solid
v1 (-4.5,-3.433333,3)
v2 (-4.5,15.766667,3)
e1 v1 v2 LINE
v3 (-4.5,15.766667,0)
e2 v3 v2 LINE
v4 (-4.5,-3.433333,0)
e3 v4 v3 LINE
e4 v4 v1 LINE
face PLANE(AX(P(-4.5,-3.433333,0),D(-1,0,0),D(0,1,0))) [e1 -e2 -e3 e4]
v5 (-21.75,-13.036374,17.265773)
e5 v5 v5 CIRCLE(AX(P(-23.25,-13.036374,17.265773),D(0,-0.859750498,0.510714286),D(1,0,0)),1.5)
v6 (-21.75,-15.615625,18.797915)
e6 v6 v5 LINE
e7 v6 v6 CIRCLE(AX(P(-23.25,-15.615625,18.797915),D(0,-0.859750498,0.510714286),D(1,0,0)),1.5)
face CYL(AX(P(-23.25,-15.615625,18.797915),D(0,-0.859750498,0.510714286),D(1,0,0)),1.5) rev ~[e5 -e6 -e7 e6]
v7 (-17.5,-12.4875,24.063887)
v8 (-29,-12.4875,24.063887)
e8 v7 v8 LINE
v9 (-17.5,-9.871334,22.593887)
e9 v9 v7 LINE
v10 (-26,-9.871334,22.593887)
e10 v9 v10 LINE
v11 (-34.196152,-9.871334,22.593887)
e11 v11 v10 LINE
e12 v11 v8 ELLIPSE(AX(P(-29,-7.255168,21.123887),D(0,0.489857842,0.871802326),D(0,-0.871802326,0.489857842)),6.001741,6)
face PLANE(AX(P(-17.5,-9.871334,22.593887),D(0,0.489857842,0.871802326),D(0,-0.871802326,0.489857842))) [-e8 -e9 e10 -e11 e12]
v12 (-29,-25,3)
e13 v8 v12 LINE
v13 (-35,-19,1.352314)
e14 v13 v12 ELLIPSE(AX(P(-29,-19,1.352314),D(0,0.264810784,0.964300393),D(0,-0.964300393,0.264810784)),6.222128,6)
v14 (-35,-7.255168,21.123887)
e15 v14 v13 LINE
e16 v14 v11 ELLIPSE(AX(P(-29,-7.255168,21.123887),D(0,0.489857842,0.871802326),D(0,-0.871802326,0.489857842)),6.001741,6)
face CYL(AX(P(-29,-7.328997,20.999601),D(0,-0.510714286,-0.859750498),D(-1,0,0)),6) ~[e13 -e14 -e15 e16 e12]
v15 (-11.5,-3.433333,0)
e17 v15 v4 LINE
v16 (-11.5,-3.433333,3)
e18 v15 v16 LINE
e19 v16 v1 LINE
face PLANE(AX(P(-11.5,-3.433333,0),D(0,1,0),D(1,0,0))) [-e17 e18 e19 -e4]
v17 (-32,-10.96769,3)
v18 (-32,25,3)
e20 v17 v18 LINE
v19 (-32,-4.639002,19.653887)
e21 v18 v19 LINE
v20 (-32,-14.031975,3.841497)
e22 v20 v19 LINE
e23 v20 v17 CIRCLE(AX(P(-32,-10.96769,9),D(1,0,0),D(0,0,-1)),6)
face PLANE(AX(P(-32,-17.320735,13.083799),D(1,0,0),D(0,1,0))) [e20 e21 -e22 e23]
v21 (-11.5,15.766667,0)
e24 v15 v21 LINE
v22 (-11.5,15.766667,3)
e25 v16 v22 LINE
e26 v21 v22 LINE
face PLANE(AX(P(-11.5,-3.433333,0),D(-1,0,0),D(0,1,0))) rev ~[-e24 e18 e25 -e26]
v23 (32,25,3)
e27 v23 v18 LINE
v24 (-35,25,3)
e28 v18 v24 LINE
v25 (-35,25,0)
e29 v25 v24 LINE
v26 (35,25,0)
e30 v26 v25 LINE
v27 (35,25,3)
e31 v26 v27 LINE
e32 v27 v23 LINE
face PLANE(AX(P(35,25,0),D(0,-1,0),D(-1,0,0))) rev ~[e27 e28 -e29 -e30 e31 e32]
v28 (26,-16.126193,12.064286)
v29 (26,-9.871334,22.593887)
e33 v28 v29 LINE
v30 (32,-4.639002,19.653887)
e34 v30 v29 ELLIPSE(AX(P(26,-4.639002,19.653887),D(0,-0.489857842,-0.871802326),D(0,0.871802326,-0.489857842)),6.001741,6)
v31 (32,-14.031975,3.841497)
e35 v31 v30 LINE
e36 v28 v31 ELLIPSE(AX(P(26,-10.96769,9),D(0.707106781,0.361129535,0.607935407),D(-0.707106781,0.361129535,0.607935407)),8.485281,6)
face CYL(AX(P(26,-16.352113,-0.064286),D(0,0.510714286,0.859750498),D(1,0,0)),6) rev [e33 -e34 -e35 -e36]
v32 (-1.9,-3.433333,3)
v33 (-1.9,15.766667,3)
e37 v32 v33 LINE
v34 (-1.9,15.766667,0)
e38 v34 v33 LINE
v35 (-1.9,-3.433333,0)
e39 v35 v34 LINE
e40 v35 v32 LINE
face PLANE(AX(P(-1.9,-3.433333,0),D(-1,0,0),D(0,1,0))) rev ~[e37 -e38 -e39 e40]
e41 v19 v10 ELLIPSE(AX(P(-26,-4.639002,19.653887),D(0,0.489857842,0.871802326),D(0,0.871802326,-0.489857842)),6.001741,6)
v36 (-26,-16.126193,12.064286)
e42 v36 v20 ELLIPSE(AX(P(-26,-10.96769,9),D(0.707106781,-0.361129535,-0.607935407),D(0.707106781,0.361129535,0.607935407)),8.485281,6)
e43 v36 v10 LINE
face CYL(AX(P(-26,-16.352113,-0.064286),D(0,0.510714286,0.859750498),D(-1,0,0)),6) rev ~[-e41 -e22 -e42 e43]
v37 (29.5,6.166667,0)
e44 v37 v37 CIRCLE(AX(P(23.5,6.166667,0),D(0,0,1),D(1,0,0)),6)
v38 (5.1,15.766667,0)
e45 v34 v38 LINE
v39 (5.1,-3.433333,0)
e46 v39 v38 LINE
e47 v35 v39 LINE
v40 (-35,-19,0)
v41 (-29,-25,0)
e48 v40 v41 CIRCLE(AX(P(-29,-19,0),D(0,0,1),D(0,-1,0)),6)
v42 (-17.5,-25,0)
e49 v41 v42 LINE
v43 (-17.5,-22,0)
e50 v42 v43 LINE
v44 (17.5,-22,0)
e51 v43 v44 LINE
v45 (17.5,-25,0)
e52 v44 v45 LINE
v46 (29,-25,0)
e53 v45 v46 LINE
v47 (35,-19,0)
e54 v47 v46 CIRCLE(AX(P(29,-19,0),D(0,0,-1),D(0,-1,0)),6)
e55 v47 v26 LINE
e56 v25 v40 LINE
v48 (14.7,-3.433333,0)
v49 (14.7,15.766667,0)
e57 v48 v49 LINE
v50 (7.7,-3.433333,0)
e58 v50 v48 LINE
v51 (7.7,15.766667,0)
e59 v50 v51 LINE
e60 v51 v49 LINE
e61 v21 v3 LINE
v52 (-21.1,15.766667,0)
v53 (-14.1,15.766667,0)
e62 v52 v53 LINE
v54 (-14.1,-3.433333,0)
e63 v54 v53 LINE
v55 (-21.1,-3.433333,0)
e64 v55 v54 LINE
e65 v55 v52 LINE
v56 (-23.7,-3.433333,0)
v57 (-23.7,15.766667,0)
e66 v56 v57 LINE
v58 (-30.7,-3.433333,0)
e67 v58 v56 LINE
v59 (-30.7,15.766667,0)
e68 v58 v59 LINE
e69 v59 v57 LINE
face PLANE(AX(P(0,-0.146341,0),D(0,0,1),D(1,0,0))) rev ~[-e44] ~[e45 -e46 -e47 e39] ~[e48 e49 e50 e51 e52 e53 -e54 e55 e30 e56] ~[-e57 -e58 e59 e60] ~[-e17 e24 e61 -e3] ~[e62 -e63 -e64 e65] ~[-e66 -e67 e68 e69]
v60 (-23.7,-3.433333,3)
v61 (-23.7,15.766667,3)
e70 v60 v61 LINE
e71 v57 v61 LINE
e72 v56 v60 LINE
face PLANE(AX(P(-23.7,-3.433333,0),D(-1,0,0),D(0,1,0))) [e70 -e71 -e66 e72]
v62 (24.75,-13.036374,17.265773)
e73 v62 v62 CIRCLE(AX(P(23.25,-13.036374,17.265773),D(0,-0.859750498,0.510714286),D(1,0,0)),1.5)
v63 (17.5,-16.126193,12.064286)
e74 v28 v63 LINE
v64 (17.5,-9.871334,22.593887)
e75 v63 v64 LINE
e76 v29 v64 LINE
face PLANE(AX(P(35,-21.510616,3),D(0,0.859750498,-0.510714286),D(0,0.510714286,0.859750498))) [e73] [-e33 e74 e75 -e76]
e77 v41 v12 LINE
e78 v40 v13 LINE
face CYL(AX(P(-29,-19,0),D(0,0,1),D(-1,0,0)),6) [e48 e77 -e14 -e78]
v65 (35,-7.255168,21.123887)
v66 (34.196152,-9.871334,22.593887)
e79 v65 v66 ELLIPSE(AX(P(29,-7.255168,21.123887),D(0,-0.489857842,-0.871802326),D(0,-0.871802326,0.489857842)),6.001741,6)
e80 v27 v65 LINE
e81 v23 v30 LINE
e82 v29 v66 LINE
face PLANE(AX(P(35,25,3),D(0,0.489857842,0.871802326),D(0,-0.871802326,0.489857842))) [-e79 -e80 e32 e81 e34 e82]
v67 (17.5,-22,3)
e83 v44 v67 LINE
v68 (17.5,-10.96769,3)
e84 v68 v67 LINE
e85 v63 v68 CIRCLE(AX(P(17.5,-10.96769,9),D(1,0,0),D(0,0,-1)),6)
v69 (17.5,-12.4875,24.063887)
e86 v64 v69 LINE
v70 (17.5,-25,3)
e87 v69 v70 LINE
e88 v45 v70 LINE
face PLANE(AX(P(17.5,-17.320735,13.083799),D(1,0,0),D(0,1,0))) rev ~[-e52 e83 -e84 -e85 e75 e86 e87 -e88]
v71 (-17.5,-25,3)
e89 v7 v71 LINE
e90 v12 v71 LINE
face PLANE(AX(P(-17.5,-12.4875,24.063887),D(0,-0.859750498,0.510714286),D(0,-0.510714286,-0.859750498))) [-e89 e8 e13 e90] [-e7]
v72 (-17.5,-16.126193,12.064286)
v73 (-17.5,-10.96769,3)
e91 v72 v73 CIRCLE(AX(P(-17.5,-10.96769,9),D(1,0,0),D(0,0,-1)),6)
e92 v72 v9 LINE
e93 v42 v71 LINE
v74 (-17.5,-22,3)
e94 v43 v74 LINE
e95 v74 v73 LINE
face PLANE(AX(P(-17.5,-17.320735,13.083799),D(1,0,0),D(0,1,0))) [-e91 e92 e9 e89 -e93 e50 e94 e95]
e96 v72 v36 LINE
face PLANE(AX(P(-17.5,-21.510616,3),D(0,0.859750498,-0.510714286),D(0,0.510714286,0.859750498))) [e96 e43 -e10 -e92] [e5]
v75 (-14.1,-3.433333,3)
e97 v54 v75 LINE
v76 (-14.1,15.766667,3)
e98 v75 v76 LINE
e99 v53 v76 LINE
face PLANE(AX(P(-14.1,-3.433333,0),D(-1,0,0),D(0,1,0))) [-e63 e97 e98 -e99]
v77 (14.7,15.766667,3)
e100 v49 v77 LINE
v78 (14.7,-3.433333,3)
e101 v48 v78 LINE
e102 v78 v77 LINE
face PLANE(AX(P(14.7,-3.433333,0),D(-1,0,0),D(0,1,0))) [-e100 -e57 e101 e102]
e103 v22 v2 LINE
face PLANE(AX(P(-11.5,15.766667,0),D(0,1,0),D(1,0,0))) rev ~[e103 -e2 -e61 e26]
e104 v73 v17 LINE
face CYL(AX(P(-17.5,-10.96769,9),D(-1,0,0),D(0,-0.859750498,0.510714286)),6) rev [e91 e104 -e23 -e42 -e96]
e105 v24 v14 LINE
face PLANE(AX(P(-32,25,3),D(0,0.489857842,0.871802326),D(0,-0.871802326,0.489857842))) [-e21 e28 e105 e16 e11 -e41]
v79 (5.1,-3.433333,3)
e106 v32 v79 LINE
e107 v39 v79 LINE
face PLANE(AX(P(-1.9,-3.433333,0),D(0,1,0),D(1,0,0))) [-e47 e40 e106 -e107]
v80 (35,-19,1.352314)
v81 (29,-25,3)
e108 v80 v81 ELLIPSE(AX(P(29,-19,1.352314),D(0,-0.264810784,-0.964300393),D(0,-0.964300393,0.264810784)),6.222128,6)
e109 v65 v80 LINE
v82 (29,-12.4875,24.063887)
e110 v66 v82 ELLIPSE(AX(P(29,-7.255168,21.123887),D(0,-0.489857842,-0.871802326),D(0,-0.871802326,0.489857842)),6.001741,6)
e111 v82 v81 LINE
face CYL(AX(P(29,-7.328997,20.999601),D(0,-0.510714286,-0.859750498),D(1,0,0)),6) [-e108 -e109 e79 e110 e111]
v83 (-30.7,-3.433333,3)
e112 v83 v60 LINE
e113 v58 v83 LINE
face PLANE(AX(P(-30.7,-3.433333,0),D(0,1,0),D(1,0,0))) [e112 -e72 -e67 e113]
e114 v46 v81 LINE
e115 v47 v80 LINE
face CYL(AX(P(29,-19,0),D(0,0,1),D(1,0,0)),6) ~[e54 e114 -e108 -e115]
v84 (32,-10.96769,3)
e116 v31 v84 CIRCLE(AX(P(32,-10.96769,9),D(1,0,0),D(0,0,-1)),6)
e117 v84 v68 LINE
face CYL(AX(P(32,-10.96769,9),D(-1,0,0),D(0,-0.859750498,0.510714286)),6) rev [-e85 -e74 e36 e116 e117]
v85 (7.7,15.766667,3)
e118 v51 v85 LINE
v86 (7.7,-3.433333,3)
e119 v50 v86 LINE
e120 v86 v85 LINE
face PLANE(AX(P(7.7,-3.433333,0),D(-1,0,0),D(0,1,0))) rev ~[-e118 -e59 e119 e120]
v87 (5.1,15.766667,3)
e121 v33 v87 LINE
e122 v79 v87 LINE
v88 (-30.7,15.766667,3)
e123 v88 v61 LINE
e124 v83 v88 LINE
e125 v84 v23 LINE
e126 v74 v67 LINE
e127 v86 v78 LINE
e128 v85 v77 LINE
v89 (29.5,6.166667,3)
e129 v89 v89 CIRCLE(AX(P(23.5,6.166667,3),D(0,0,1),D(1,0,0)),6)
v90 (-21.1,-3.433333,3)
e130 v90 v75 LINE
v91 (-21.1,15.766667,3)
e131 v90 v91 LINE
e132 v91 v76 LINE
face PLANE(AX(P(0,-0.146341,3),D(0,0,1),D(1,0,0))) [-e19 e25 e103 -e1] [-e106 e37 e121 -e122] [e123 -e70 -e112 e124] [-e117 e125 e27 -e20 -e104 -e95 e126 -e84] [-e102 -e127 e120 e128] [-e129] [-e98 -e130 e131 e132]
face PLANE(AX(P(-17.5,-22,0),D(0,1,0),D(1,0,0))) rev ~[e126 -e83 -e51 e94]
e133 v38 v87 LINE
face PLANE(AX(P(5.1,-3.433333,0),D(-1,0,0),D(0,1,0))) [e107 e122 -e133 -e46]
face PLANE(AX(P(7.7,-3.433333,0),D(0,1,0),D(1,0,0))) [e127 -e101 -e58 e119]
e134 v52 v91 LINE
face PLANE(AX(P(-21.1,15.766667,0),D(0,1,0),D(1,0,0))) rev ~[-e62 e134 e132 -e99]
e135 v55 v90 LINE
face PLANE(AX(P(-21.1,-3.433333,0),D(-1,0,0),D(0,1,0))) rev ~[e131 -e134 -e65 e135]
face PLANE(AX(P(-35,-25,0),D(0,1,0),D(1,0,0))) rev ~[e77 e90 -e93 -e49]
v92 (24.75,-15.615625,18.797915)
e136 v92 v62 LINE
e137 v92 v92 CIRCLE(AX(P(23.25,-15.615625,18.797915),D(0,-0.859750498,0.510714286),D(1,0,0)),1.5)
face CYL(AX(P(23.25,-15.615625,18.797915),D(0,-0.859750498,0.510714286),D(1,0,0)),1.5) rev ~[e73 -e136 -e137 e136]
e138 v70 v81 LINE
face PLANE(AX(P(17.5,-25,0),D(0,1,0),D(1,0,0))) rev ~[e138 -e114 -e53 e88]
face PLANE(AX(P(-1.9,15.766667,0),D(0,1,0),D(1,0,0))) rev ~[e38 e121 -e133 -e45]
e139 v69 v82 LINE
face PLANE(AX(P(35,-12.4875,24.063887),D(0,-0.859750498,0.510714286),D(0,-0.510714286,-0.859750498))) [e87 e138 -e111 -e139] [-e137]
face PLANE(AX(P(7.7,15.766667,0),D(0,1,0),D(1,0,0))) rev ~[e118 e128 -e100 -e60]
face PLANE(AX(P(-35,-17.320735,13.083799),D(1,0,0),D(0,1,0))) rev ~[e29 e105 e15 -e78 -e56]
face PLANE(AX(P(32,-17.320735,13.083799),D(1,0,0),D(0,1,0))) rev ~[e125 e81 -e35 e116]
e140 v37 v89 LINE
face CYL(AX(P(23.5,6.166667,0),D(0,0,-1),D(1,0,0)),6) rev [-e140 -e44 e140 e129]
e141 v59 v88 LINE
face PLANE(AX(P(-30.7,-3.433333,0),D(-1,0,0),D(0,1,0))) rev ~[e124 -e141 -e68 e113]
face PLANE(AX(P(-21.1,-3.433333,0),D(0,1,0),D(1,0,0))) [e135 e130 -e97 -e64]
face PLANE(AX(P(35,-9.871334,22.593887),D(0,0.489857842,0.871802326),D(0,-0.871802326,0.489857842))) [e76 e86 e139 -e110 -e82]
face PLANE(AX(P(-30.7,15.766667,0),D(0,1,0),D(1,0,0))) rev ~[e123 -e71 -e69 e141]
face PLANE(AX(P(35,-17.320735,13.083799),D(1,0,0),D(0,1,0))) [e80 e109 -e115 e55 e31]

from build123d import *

# Parameters (mm, degrees)
F3_W      = 7
F3_H      = 19.2
F3_R      = 6
F4_DEPTH  = 3
F7_DEPTH  = 3
F8_START  = -67
F8_DEPTH  = 3
F9_START  = -52.5
F9_DEPTH  = 17.5
F10_DEPTH = 17.5
F11_R     = 6
F13_R     = 1.5
F14_DEPTH = 5


with BuildPart() as f4:
    # F3 (on Top) → F4 (new body)
    with BuildSketch(Plane.XY):
        Polygon((35, 25), (-35, 25), (-35, -25), (-17.5, -25), (-17.5, -22), (17.5, -22), (17.5, -25), (35, -25), align=None)
        with Locations((-27.2, 6.1666666667)):
            Rectangle(F3_W, F3_H, mode=Mode.SUBTRACT)
        with Locations((-17.6, 6.1666666667)):
            Rectangle(F3_W, F3_H, mode=Mode.SUBTRACT)
        with Locations((-8, 6.1666666667)):
            Rectangle(F3_W, F3_H, mode=Mode.SUBTRACT)
        with Locations((1.6, 6.1666666667)):
            Rectangle(F3_W, F3_H, mode=Mode.SUBTRACT)
        with Locations((11.2, 6.1666666667)):
            Rectangle(F3_W, F3_H, mode=Mode.SUBTRACT)
        with Locations((23.5, 6.1666666667)):
            Circle(F3_R, mode=Mode.SUBTRACT)
    extrude(amount=F4_DEPTH)

    # F6 (on offset) → F7 (join)
    with BuildSketch(Plane.YZ.offset(35)):
        Polygon((-12.4875, 24.0638871947), (-25, 3), (-21.5106155706, 3), (-9.871334024, 22.5938871947), align=None)
        Polygon((-9.871334024, 22.5938871947), (-21.5106155706, 3), (25, 3), align=None)
    extrude(amount=-F7_DEPTH)

    # F6 (on offset) → F8 (join)
    with BuildSketch(Plane.YZ.offset(35).offset(F8_START)):
        Polygon((-12.4875, 24.0638871947), (-25, 3), (-21.5106155706, 3), (-9.871334024, 22.5938871947), align=None)
        Polygon((-9.871334024, 22.5938871947), (-21.5106155706, 3), (25, 3), align=None)
    extrude(amount=-F8_DEPTH)

    # F6 (on offset) → F9 (join)
    with BuildSketch(Plane.YZ.offset(35).offset(F9_START)):
        Polygon((-12.4875, 24.0638871947), (-25, 3), (-21.5106155706, 3), (-9.871334024, 22.5938871947), align=None)
    extrude(amount=-F9_DEPTH)

    # F6 (on offset) → F10 (join)
    with BuildSketch(Plane.YZ.offset(35)):
        Polygon((-12.4875, 24.0638871947), (-25, 3), (-21.5106155706, 3), (-9.871334024, 22.5938871947), align=None)
    extrude(amount=-F10_DEPTH)

    # F11
    f11_edges = [f4.edges().sort_by_distance(p)[0] for p in [
        (32, -15.690975, 12.796944),
        (-32, -15.690975, 12.796944),
        (-24.75, -21.510616, 3),
        (24.75, -21.510616, 3),
        (35, -18.74375, 13.531944),
        (-35, -18.74375, 13.531944),
        (-35, -25, 1.5),
        (35, -25, 1.5),
    ]]
    fillet(f11_edges, radius=F11_R)

    # F13 (on offset) → F14 (cut)
    with BuildSketch(Plane(origin=(0, -19.7965335432, 11.7596587786), x_dir=(1, 0, 0), z_dir=(0, -0.8597504977, 0.5107142857))):
        with Locations((-23.25, 8.1863943504)):
            Circle(F13_R)
        with Locations((23.25, 8.1863943504)):
            Circle(F13_R)
    extrude(amount=-F14_DEPTH, mode=Mode.SUBTRACT)


solid = f4.part
